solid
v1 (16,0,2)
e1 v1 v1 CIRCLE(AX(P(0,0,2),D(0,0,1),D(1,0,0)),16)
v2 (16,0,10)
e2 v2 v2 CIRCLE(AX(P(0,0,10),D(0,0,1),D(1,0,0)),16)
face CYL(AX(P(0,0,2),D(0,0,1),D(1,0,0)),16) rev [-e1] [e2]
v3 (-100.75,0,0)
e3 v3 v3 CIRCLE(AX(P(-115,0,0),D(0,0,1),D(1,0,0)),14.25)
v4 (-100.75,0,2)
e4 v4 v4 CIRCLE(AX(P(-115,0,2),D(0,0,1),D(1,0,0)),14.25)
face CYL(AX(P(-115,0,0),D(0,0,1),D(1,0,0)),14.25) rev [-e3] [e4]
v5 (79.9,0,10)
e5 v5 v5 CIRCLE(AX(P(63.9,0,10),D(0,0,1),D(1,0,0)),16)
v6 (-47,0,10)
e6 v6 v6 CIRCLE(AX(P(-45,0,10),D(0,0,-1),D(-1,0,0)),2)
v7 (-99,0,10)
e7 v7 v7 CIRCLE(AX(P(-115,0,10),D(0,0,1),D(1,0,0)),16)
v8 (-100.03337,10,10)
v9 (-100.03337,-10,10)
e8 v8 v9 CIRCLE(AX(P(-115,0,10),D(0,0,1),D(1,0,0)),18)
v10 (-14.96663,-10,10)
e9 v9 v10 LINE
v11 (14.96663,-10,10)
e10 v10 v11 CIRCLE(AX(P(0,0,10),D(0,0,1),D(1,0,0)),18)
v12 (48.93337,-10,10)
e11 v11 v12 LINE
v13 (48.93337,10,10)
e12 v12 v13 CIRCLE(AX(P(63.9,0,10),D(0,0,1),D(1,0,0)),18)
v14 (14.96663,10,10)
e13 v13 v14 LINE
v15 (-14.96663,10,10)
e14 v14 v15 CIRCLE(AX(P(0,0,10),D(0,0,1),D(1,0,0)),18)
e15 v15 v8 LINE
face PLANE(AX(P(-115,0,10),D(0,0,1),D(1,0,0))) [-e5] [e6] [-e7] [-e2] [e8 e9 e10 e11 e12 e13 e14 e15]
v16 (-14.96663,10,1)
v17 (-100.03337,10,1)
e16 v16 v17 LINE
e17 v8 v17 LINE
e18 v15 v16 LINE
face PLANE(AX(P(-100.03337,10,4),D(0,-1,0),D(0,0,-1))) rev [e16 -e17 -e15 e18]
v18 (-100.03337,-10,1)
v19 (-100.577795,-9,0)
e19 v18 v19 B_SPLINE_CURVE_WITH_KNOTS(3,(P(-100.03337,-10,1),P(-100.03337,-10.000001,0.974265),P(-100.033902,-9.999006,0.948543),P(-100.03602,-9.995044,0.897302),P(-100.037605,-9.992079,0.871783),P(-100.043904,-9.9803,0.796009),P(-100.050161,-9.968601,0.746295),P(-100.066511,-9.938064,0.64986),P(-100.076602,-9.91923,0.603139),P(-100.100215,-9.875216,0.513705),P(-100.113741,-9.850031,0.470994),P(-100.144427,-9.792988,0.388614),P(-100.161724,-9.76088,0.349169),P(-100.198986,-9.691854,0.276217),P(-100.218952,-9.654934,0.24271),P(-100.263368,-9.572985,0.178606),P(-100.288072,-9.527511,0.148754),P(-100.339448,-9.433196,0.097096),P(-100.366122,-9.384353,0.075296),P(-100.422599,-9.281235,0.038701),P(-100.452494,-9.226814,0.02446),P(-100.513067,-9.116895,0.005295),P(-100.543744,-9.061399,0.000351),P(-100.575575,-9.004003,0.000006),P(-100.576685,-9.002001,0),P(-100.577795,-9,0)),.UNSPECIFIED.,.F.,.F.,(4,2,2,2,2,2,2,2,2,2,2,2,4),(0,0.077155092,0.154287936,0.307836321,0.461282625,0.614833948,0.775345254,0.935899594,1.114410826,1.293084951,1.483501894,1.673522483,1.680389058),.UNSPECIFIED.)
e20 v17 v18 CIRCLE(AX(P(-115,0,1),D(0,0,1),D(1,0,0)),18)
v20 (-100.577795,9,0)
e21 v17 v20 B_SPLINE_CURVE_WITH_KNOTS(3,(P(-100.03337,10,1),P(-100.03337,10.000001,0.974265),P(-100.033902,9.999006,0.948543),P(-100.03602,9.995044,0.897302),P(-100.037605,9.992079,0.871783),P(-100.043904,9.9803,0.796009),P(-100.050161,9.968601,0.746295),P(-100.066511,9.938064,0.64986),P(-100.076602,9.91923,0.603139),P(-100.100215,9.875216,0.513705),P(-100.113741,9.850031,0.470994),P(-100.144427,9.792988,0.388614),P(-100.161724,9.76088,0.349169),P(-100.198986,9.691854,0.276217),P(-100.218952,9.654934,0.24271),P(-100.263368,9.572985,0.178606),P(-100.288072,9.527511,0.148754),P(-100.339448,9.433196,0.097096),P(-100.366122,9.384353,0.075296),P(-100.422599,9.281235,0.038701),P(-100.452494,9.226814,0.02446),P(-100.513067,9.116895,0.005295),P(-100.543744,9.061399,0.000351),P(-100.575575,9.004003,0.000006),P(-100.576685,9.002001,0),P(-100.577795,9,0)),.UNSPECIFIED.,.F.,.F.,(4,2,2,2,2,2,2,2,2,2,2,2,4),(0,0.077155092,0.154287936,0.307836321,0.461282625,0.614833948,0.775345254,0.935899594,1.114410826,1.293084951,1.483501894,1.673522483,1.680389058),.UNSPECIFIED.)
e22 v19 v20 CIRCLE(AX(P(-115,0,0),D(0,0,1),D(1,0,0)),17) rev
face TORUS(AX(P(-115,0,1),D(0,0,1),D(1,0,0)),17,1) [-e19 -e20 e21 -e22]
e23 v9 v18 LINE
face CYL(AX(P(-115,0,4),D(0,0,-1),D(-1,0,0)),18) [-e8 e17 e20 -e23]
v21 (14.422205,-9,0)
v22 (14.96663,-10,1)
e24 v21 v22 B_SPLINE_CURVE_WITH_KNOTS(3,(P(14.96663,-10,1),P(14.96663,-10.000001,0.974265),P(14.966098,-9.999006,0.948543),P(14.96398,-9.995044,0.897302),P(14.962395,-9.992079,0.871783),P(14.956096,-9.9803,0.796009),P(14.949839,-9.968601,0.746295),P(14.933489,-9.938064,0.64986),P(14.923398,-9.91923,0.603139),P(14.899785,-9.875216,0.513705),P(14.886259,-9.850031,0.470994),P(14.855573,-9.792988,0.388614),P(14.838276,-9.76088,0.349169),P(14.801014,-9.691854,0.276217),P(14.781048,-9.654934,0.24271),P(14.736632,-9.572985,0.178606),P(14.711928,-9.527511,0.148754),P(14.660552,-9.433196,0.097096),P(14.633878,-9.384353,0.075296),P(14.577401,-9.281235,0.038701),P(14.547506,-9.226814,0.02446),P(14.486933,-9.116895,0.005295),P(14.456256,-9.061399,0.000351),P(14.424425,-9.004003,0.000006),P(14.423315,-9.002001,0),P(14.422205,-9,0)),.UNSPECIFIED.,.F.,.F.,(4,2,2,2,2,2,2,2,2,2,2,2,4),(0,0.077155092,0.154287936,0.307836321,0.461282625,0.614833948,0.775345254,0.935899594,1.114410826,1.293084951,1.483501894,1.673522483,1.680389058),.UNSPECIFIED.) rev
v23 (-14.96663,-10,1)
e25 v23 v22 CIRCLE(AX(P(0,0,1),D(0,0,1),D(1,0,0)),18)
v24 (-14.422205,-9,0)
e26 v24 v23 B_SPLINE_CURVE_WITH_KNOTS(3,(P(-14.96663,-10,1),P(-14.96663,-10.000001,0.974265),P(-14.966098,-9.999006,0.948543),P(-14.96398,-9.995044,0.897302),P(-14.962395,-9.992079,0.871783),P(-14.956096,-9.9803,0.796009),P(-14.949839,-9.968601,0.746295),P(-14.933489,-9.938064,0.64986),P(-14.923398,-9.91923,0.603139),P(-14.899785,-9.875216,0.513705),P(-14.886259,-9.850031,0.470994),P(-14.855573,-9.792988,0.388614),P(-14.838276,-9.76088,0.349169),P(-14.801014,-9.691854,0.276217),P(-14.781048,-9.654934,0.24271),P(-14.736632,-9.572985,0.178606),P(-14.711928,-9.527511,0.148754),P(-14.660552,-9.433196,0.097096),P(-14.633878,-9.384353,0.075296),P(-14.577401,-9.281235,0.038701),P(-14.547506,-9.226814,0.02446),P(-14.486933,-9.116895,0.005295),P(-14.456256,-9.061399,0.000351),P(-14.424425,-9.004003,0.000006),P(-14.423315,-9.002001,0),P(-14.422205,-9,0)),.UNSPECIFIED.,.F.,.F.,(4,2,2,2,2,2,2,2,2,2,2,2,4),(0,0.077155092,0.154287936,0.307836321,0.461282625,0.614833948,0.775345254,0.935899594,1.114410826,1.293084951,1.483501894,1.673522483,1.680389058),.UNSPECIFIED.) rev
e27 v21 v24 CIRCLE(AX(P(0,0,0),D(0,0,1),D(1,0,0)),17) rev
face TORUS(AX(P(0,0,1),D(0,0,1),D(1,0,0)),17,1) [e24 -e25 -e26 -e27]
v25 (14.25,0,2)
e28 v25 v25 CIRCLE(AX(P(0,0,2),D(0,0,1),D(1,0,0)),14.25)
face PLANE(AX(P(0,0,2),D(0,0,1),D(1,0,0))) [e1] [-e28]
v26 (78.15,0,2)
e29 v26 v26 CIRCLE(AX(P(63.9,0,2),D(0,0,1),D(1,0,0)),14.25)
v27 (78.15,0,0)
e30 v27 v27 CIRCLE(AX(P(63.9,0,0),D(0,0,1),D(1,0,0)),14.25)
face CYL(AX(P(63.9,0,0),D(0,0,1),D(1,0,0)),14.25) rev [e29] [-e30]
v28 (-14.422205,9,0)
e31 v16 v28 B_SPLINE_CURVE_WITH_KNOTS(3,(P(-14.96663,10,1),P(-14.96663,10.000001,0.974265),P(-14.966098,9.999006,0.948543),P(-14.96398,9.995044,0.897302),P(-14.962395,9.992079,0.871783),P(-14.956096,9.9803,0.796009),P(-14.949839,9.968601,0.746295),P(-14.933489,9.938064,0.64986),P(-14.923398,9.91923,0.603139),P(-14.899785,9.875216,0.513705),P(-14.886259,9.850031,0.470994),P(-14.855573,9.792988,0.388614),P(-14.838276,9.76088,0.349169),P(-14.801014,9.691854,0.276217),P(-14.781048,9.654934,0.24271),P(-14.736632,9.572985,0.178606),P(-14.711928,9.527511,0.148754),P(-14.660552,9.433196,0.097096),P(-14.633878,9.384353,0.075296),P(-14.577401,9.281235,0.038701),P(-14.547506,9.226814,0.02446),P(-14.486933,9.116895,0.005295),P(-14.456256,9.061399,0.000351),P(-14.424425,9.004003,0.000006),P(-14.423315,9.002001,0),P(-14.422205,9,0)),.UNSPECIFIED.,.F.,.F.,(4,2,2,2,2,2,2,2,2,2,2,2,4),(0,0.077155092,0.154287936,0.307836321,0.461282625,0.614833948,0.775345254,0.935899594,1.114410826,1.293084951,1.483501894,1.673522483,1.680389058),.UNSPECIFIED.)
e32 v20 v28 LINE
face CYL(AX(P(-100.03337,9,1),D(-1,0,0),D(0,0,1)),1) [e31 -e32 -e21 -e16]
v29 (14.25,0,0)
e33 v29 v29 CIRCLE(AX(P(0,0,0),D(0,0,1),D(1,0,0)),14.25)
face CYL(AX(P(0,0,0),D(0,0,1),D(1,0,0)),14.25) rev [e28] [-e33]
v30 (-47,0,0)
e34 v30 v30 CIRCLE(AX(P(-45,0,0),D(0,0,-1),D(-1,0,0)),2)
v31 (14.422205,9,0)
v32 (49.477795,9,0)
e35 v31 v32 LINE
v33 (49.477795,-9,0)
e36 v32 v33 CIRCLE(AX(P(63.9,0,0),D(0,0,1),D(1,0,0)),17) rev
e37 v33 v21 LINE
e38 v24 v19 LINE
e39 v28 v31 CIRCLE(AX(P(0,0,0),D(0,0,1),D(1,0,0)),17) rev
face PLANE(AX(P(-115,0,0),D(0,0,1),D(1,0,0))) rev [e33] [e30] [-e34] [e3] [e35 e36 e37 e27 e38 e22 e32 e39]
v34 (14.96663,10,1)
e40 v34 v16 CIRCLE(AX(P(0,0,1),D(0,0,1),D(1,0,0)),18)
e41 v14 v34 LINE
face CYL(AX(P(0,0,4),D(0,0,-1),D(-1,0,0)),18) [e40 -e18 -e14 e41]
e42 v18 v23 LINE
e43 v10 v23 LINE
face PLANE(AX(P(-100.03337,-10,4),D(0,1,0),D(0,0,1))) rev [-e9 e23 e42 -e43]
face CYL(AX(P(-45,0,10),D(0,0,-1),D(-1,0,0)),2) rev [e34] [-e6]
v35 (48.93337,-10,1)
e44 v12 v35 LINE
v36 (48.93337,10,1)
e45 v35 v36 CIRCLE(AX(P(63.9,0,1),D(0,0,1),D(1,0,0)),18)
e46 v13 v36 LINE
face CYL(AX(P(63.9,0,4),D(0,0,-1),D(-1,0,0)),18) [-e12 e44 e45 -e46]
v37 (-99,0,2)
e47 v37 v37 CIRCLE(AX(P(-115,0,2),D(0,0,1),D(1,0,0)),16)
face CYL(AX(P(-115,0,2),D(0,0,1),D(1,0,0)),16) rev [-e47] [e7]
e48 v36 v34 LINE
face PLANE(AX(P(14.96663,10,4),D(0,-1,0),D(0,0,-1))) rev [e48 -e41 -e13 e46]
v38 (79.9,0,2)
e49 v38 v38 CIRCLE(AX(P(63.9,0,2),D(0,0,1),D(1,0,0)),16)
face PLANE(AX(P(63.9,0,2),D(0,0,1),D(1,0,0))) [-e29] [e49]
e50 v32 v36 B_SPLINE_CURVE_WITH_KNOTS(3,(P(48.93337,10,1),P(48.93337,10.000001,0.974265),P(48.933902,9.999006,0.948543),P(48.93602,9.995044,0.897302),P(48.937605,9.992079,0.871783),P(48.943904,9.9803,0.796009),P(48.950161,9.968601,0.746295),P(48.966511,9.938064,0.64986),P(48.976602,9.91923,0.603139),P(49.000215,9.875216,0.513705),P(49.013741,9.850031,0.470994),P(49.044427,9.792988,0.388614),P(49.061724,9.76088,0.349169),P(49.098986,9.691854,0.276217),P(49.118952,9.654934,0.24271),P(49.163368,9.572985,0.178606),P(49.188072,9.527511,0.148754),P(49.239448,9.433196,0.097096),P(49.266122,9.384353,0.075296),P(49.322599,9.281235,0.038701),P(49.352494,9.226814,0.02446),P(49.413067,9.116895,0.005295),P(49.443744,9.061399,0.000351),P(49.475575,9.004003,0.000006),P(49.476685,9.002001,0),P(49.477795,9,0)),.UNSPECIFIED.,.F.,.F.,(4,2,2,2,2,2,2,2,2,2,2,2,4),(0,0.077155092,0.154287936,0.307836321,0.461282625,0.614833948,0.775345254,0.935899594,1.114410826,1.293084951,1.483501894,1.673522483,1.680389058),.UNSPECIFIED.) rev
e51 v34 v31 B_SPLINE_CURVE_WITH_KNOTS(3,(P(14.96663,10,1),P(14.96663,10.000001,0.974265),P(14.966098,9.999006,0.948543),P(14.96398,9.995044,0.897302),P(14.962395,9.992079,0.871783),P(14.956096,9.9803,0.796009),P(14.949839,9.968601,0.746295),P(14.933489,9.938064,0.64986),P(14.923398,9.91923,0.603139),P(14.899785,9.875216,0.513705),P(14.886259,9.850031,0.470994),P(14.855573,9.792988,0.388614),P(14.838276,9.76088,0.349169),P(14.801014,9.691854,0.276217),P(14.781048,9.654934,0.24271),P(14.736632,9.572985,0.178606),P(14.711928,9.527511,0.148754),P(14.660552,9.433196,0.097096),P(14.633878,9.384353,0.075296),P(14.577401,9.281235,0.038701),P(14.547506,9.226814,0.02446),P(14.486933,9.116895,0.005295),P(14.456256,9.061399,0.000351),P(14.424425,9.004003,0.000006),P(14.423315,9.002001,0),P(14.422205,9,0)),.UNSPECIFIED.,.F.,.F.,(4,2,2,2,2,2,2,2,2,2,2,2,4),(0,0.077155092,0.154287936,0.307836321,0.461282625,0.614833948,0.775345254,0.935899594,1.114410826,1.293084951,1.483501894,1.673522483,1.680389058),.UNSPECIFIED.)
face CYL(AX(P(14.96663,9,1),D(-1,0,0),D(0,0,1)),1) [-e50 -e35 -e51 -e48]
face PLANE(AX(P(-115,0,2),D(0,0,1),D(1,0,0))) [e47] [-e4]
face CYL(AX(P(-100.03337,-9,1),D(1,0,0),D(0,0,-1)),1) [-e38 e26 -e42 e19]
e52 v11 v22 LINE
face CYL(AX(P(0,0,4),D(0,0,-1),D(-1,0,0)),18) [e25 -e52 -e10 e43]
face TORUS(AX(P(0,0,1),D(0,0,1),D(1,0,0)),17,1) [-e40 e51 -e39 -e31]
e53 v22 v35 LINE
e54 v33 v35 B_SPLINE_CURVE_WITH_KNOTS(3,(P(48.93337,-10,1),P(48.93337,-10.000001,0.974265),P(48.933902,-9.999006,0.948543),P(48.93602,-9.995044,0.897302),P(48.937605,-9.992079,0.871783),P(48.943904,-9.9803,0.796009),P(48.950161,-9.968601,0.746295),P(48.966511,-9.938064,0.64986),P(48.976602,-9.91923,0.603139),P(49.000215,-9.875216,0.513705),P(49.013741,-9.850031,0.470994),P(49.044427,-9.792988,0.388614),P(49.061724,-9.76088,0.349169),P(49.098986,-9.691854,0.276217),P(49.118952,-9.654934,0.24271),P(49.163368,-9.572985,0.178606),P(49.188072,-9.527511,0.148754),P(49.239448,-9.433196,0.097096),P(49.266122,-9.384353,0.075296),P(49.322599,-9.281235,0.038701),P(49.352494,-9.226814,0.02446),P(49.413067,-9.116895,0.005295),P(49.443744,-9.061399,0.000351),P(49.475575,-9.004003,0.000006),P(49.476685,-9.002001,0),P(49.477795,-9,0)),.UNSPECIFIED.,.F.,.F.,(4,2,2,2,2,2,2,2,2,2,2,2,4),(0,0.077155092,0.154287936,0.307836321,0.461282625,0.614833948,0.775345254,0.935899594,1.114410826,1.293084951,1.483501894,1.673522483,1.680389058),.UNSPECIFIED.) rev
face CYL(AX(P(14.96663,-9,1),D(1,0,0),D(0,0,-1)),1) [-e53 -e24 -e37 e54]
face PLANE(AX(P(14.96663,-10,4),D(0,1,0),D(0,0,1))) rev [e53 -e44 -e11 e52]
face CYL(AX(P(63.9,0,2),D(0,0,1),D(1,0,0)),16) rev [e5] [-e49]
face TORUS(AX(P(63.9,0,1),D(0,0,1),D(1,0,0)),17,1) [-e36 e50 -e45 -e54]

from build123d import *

# Parameters (mm, degrees)
BOSS_EXTRU_1_DEPTH      = 4
ESQUISSE6_R             = 16
ENL_V_MAT_EXTRU_1_DEPTH = 2
ESQUISSE7_R             = 14.25
ENL_V_MAT_EXTRU_2_DEPTH = 135.227418958
ESQUISSE10_R            = 16
BOSS_EXTRU_5_DEPTH      = 6
CONG_1_R                = 1
ESQUISSE12_R            = 2
ENL_V_MAT_EXTRU_3_DEPTH = 135.58454603


with BuildPart() as part:
    # Esquisse1 → Boss.-Extru.1 (new body)
    with BuildSketch(Plane.XY):
        with BuildLine():
            Line((-100.033370453, 10), (-14.966629547, 10))
            ThreePointArc((-14.966629547, 10), (0, 18), (14.966629547, 10))
            Line((14.966629547, 10), (48.933370453, 10))
            ThreePointArc((48.933370453, 10), (81.9, 0), (48.933370453, -10))
            Line((48.933370453, -10), (14.966629547, -10))
            ThreePointArc((14.966629547, -10), (0, -18), (-14.966629547, -10))
            Line((-14.966629547, -10), (-100.033370453, -10))
            ThreePointArc((-100.033370453, -10), (-133, 0), (-100.033370453, 10))
        make_face()
    extrude(amount=BOSS_EXTRU_1_DEPTH)

    # Esquisse6 → Enlèv. mat.-Extru.1 (cut)
    with BuildSketch(Plane.XY.offset(4)):
        with Locations((-115, 0)):
            Circle(ESQUISSE6_R)
        Circle(ESQUISSE6_R)
        with Locations((63.9, 0)):
            Circle(ESQUISSE6_R)
    extrude(amount=-ENL_V_MAT_EXTRU_1_DEPTH, mode=Mode.SUBTRACT)

    # Esquisse7 → Enlèv. mat.-Extru.2 (cut, through all)
    with BuildSketch(Plane.XY.offset(2)):
        with Locations((-115, 0)):
            Circle(ESQUISSE7_R)
        Circle(ESQUISSE7_R)
        with Locations((63.9, 0)):
            Circle(ESQUISSE7_R)
    extrude(amount=-ENL_V_MAT_EXTRU_2_DEPTH, mode=Mode.SUBTRACT)

    # Esquisse10 → Boss.-Extru.5 (add)
    with BuildSketch(Plane.XY.offset(4)):
        with BuildLine():
            Line((-100.033370453, -10), (-14.966629547, -10))
            ThreePointArc((-14.966629547, -10), (0, -18), (14.966629547, -10))
            Line((14.966629547, -10), (48.933370453, -10))
            ThreePointArc((48.933370453, -10), (81.9, 0), (48.933370453, 10))
            Line((48.933370453, 10), (14.966629547, 10))
            ThreePointArc((14.966629547, 10), (0, 18), (-14.966629547, 10))
            Line((-14.966629547, 10), (-100.033370453, 10))
            ThreePointArc((-100.033370453, 10), (-133, 0), (-100.033370453, -10))
        make_face()
        with Locations((63.9, 0)):
            Circle(ESQUISSE10_R, mode=Mode.SUBTRACT)
        Circle(ESQUISSE10_R, mode=Mode.SUBTRACT)
        with Locations((-115, 0)):
            Circle(ESQUISSE10_R, mode=Mode.SUBTRACT)
    extrude(amount=BOSS_EXTRU_5_DEPTH)

    # Congé1
    cong_1_edges = [part.edges().sort_by_distance(p)[0] for p in [
        (31.95, -10, 0),
        (0, -18, 0),
        (-57.5, -10, 0),
        (-133, 0, 0),
        (-57.5, 10, 0),
        (0, 18, 0),
        (31.95, 10, 0),
        (81.9, 0, 0),
    ]]
    fillet(cong_1_edges, radius=CONG_1_R)

    # Esquisse12 → Enlèv. mat.-Extru.3 (cut, through all)
    with BuildSketch(Plane(origin=(0, 0, 0), x_dir=(-1, 0, 0), z_dir=(0, 0, -1))):
        with Locations((45, 0)):
            Circle(ESQUISSE12_R)
    extrude(amount=-ENL_V_MAT_EXTRU_3_DEPTH, mode=Mode.SUBTRACT)


solid = part.part
